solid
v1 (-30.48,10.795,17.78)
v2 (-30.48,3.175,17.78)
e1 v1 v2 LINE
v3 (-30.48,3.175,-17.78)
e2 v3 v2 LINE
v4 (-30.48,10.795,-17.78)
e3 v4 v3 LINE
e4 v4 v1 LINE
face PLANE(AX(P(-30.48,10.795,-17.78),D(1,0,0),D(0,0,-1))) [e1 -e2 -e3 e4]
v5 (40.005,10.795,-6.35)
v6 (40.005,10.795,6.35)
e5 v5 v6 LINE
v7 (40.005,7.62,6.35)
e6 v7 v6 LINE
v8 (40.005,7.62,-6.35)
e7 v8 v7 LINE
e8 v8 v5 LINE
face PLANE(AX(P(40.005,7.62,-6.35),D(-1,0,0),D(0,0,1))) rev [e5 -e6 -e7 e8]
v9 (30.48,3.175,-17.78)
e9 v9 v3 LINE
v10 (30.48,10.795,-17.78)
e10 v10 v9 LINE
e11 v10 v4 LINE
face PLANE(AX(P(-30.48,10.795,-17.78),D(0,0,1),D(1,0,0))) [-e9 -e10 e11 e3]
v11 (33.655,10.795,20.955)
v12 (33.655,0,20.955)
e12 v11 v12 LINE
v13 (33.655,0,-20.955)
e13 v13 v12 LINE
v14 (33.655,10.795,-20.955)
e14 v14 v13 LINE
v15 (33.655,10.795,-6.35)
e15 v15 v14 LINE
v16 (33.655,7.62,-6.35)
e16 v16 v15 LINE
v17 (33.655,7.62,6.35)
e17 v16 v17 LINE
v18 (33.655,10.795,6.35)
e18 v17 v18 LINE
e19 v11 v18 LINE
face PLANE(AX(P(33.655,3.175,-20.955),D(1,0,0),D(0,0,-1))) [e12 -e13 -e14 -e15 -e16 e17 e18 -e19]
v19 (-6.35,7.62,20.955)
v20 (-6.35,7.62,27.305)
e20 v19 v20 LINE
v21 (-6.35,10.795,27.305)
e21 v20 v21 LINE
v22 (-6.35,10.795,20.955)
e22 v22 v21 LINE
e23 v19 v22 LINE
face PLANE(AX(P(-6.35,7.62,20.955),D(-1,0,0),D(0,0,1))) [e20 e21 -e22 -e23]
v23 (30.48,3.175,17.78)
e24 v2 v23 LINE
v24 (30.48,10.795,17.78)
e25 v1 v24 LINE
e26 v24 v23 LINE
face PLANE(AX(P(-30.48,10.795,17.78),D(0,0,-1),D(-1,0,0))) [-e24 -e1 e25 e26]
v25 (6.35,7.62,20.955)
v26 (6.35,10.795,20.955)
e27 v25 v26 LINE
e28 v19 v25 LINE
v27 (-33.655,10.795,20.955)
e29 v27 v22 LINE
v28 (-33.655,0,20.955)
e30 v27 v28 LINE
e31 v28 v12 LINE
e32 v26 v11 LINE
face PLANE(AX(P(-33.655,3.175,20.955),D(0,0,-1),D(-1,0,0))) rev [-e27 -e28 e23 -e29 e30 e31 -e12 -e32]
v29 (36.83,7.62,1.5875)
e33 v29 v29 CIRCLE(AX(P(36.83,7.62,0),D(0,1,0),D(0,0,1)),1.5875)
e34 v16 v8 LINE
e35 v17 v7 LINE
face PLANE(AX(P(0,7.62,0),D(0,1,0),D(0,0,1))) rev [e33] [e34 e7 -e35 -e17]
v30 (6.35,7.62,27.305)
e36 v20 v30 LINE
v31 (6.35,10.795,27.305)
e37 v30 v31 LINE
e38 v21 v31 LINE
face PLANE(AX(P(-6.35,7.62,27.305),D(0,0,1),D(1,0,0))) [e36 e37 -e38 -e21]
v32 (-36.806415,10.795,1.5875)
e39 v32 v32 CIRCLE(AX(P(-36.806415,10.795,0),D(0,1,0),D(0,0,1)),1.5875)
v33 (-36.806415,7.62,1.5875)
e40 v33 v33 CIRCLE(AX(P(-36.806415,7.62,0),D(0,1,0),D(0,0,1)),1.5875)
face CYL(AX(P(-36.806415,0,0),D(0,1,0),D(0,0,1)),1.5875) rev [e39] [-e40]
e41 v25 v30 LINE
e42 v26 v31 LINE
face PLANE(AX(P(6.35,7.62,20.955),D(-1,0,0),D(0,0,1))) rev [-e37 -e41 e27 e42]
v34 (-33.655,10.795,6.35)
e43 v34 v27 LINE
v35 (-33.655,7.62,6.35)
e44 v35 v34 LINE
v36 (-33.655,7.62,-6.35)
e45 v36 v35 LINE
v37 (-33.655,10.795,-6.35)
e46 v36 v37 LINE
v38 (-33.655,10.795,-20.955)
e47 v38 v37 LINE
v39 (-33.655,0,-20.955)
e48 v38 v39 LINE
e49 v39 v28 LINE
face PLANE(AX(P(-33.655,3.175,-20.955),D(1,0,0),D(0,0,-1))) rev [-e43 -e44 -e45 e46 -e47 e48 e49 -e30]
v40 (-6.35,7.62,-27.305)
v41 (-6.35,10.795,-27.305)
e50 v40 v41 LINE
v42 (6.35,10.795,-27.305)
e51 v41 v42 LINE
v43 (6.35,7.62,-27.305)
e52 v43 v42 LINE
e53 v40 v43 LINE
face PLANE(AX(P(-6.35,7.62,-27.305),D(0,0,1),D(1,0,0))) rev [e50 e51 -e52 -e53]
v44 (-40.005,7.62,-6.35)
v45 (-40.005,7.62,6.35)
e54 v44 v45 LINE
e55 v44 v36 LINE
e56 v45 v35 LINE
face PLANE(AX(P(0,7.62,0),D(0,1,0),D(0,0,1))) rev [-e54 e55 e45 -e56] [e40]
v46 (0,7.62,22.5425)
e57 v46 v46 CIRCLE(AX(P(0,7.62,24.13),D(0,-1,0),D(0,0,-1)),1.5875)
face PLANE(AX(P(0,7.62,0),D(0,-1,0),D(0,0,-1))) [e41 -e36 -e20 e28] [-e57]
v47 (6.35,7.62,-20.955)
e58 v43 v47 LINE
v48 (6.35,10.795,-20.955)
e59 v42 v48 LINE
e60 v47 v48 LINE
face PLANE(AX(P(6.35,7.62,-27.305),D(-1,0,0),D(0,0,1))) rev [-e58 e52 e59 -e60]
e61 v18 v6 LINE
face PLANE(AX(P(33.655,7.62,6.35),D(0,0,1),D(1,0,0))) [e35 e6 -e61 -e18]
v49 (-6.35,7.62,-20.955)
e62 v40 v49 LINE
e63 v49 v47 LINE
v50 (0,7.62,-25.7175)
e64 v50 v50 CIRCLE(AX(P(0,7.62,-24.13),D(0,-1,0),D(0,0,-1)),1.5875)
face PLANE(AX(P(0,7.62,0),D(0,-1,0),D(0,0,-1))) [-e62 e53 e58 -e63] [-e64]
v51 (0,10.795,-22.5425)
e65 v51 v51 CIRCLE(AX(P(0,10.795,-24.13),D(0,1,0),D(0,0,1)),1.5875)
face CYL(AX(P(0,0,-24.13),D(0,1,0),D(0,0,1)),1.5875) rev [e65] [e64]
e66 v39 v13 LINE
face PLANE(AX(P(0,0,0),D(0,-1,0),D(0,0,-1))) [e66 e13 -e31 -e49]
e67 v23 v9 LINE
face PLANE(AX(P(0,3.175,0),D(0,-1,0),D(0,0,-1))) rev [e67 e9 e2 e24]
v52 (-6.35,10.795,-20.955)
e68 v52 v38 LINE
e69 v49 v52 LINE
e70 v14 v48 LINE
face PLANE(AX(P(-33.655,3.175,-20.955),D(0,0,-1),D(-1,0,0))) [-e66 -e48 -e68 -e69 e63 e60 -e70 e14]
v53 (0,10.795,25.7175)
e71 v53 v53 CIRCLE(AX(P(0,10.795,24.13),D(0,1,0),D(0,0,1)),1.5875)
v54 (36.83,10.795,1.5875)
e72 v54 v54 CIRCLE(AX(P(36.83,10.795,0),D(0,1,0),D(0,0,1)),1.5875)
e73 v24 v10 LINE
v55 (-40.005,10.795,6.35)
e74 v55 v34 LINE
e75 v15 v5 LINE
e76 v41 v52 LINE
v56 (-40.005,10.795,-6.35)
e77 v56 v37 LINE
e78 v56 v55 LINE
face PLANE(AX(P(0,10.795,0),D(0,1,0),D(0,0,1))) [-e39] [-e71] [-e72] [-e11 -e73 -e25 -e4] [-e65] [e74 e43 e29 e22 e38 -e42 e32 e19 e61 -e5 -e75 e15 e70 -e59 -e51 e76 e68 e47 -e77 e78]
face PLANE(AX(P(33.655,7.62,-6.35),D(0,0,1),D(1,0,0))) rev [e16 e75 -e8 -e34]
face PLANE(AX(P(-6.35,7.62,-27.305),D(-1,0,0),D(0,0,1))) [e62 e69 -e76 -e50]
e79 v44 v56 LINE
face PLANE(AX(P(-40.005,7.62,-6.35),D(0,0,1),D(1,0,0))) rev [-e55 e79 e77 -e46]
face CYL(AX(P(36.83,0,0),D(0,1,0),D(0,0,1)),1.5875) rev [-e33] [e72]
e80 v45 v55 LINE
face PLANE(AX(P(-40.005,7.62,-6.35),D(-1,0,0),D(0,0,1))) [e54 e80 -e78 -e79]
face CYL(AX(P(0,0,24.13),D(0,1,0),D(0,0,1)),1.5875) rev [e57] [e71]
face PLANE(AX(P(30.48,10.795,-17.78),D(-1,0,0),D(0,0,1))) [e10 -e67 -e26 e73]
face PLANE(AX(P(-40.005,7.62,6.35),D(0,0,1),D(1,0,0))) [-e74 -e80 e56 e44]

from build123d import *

# Parameters (mm, degrees)
SKETCH1_W           = 67.31
SKETCH1_H           = 41.91
BOSS_EXTRUDE5_DEPTH = 3.175
SKETCH2_W           = 67.31
SKETCH2_H           = 41.91
SKETCH2_W_2         = 60.96
SKETCH2_H_2         = 35.56
BOSS_EXTRUDE6_DEPTH = 7.62
SKETCH4_W           = 12.7
SKETCH4_H           = 6.35
SKETCH4_W_2         = 6.35
SKETCH4_H_2         = 12.7
BOSS_EXTRUDE8_DEPTH = 3.175
SKETCH6_R           = 1.5875
CUT_EXTRUDE1_DEPTH  = 50.62353348


with BuildPart() as part:
    # Sketch1 → Boss-Extrude5 (new body)
    with BuildSketch(Plane(origin=(0, 0, 0), x_dir=(1, 0, 0), z_dir=(0, 1, 0))):
        Rectangle(SKETCH1_W, SKETCH1_H)
    extrude(amount=BOSS_EXTRUDE5_DEPTH)

    # Sketch2 → Boss-Extrude6 (add)
    with BuildSketch(Plane(origin=(0, 3.175, 0), x_dir=(1, 0, 0), z_dir=(0, 1, 0))):
        Rectangle(SKETCH2_W, SKETCH2_H)
        Rectangle(SKETCH2_W_2, SKETCH2_H_2, mode=Mode.SUBTRACT)
    extrude(amount=BOSS_EXTRUDE6_DEPTH)

    # Sketch4 → Boss-Extrude8 (add)
    with BuildSketch(Plane(origin=(0, 10.795, 0), x_dir=(1, 0, 0), z_dir=(0, 1, 0))):
        with Locations((0, -24.13)):
            Rectangle(SKETCH4_W, SKETCH4_H)
        with Locations((0, 24.13)):
            Rectangle(SKETCH4_W, SKETCH4_H)
        with Locations((36.83, 0)):
            Rectangle(SKETCH4_W_2, SKETCH4_H_2)
        with Locations((-36.83, 0)):
            Rectangle(SKETCH4_W_2, SKETCH4_H_2)
    extrude(amount=-BOSS_EXTRUDE8_DEPTH)

    # Sketch6 → Cut-Extrude1 (cut, through all)
    with BuildSketch(Plane(origin=(0, 10.795, 0), x_dir=(1, 0, 0), z_dir=(0, 1, 0))):
        with BuildLine():
            ThreePointArc((0, 25.7175), (-1.5875, 24.13), (0, 22.5425))
            Line((0, 22.5425), (0, 25.7175))
        make_face()
        with BuildLine():
            Line((0, 25.7175), (0, 22.5425))
            ThreePointArc((0, 22.5425), (1.122532015, 23.007467985), (1.5875, 24.13))
            ThreePointArc((1.5875, 24.13), (1.122532015, 25.252532015), (0, 25.7175))
        make_face()
        with Locations(Location((-36.806414665, 0, 0), (0, 0, 270))):
            Circle(SKETCH6_R)
        with Locations(Location((36.83, 0, 0), (0, 0, 270))):
            Circle(SKETCH6_R)
        with Locations(Location((0, -24.13, 0), (0, 0, 270))):
            Circle(SKETCH6_R)
    extrude(amount=-CUT_EXTRUDE1_DEPTH, mode=Mode.SUBTRACT)


solid = part.part
